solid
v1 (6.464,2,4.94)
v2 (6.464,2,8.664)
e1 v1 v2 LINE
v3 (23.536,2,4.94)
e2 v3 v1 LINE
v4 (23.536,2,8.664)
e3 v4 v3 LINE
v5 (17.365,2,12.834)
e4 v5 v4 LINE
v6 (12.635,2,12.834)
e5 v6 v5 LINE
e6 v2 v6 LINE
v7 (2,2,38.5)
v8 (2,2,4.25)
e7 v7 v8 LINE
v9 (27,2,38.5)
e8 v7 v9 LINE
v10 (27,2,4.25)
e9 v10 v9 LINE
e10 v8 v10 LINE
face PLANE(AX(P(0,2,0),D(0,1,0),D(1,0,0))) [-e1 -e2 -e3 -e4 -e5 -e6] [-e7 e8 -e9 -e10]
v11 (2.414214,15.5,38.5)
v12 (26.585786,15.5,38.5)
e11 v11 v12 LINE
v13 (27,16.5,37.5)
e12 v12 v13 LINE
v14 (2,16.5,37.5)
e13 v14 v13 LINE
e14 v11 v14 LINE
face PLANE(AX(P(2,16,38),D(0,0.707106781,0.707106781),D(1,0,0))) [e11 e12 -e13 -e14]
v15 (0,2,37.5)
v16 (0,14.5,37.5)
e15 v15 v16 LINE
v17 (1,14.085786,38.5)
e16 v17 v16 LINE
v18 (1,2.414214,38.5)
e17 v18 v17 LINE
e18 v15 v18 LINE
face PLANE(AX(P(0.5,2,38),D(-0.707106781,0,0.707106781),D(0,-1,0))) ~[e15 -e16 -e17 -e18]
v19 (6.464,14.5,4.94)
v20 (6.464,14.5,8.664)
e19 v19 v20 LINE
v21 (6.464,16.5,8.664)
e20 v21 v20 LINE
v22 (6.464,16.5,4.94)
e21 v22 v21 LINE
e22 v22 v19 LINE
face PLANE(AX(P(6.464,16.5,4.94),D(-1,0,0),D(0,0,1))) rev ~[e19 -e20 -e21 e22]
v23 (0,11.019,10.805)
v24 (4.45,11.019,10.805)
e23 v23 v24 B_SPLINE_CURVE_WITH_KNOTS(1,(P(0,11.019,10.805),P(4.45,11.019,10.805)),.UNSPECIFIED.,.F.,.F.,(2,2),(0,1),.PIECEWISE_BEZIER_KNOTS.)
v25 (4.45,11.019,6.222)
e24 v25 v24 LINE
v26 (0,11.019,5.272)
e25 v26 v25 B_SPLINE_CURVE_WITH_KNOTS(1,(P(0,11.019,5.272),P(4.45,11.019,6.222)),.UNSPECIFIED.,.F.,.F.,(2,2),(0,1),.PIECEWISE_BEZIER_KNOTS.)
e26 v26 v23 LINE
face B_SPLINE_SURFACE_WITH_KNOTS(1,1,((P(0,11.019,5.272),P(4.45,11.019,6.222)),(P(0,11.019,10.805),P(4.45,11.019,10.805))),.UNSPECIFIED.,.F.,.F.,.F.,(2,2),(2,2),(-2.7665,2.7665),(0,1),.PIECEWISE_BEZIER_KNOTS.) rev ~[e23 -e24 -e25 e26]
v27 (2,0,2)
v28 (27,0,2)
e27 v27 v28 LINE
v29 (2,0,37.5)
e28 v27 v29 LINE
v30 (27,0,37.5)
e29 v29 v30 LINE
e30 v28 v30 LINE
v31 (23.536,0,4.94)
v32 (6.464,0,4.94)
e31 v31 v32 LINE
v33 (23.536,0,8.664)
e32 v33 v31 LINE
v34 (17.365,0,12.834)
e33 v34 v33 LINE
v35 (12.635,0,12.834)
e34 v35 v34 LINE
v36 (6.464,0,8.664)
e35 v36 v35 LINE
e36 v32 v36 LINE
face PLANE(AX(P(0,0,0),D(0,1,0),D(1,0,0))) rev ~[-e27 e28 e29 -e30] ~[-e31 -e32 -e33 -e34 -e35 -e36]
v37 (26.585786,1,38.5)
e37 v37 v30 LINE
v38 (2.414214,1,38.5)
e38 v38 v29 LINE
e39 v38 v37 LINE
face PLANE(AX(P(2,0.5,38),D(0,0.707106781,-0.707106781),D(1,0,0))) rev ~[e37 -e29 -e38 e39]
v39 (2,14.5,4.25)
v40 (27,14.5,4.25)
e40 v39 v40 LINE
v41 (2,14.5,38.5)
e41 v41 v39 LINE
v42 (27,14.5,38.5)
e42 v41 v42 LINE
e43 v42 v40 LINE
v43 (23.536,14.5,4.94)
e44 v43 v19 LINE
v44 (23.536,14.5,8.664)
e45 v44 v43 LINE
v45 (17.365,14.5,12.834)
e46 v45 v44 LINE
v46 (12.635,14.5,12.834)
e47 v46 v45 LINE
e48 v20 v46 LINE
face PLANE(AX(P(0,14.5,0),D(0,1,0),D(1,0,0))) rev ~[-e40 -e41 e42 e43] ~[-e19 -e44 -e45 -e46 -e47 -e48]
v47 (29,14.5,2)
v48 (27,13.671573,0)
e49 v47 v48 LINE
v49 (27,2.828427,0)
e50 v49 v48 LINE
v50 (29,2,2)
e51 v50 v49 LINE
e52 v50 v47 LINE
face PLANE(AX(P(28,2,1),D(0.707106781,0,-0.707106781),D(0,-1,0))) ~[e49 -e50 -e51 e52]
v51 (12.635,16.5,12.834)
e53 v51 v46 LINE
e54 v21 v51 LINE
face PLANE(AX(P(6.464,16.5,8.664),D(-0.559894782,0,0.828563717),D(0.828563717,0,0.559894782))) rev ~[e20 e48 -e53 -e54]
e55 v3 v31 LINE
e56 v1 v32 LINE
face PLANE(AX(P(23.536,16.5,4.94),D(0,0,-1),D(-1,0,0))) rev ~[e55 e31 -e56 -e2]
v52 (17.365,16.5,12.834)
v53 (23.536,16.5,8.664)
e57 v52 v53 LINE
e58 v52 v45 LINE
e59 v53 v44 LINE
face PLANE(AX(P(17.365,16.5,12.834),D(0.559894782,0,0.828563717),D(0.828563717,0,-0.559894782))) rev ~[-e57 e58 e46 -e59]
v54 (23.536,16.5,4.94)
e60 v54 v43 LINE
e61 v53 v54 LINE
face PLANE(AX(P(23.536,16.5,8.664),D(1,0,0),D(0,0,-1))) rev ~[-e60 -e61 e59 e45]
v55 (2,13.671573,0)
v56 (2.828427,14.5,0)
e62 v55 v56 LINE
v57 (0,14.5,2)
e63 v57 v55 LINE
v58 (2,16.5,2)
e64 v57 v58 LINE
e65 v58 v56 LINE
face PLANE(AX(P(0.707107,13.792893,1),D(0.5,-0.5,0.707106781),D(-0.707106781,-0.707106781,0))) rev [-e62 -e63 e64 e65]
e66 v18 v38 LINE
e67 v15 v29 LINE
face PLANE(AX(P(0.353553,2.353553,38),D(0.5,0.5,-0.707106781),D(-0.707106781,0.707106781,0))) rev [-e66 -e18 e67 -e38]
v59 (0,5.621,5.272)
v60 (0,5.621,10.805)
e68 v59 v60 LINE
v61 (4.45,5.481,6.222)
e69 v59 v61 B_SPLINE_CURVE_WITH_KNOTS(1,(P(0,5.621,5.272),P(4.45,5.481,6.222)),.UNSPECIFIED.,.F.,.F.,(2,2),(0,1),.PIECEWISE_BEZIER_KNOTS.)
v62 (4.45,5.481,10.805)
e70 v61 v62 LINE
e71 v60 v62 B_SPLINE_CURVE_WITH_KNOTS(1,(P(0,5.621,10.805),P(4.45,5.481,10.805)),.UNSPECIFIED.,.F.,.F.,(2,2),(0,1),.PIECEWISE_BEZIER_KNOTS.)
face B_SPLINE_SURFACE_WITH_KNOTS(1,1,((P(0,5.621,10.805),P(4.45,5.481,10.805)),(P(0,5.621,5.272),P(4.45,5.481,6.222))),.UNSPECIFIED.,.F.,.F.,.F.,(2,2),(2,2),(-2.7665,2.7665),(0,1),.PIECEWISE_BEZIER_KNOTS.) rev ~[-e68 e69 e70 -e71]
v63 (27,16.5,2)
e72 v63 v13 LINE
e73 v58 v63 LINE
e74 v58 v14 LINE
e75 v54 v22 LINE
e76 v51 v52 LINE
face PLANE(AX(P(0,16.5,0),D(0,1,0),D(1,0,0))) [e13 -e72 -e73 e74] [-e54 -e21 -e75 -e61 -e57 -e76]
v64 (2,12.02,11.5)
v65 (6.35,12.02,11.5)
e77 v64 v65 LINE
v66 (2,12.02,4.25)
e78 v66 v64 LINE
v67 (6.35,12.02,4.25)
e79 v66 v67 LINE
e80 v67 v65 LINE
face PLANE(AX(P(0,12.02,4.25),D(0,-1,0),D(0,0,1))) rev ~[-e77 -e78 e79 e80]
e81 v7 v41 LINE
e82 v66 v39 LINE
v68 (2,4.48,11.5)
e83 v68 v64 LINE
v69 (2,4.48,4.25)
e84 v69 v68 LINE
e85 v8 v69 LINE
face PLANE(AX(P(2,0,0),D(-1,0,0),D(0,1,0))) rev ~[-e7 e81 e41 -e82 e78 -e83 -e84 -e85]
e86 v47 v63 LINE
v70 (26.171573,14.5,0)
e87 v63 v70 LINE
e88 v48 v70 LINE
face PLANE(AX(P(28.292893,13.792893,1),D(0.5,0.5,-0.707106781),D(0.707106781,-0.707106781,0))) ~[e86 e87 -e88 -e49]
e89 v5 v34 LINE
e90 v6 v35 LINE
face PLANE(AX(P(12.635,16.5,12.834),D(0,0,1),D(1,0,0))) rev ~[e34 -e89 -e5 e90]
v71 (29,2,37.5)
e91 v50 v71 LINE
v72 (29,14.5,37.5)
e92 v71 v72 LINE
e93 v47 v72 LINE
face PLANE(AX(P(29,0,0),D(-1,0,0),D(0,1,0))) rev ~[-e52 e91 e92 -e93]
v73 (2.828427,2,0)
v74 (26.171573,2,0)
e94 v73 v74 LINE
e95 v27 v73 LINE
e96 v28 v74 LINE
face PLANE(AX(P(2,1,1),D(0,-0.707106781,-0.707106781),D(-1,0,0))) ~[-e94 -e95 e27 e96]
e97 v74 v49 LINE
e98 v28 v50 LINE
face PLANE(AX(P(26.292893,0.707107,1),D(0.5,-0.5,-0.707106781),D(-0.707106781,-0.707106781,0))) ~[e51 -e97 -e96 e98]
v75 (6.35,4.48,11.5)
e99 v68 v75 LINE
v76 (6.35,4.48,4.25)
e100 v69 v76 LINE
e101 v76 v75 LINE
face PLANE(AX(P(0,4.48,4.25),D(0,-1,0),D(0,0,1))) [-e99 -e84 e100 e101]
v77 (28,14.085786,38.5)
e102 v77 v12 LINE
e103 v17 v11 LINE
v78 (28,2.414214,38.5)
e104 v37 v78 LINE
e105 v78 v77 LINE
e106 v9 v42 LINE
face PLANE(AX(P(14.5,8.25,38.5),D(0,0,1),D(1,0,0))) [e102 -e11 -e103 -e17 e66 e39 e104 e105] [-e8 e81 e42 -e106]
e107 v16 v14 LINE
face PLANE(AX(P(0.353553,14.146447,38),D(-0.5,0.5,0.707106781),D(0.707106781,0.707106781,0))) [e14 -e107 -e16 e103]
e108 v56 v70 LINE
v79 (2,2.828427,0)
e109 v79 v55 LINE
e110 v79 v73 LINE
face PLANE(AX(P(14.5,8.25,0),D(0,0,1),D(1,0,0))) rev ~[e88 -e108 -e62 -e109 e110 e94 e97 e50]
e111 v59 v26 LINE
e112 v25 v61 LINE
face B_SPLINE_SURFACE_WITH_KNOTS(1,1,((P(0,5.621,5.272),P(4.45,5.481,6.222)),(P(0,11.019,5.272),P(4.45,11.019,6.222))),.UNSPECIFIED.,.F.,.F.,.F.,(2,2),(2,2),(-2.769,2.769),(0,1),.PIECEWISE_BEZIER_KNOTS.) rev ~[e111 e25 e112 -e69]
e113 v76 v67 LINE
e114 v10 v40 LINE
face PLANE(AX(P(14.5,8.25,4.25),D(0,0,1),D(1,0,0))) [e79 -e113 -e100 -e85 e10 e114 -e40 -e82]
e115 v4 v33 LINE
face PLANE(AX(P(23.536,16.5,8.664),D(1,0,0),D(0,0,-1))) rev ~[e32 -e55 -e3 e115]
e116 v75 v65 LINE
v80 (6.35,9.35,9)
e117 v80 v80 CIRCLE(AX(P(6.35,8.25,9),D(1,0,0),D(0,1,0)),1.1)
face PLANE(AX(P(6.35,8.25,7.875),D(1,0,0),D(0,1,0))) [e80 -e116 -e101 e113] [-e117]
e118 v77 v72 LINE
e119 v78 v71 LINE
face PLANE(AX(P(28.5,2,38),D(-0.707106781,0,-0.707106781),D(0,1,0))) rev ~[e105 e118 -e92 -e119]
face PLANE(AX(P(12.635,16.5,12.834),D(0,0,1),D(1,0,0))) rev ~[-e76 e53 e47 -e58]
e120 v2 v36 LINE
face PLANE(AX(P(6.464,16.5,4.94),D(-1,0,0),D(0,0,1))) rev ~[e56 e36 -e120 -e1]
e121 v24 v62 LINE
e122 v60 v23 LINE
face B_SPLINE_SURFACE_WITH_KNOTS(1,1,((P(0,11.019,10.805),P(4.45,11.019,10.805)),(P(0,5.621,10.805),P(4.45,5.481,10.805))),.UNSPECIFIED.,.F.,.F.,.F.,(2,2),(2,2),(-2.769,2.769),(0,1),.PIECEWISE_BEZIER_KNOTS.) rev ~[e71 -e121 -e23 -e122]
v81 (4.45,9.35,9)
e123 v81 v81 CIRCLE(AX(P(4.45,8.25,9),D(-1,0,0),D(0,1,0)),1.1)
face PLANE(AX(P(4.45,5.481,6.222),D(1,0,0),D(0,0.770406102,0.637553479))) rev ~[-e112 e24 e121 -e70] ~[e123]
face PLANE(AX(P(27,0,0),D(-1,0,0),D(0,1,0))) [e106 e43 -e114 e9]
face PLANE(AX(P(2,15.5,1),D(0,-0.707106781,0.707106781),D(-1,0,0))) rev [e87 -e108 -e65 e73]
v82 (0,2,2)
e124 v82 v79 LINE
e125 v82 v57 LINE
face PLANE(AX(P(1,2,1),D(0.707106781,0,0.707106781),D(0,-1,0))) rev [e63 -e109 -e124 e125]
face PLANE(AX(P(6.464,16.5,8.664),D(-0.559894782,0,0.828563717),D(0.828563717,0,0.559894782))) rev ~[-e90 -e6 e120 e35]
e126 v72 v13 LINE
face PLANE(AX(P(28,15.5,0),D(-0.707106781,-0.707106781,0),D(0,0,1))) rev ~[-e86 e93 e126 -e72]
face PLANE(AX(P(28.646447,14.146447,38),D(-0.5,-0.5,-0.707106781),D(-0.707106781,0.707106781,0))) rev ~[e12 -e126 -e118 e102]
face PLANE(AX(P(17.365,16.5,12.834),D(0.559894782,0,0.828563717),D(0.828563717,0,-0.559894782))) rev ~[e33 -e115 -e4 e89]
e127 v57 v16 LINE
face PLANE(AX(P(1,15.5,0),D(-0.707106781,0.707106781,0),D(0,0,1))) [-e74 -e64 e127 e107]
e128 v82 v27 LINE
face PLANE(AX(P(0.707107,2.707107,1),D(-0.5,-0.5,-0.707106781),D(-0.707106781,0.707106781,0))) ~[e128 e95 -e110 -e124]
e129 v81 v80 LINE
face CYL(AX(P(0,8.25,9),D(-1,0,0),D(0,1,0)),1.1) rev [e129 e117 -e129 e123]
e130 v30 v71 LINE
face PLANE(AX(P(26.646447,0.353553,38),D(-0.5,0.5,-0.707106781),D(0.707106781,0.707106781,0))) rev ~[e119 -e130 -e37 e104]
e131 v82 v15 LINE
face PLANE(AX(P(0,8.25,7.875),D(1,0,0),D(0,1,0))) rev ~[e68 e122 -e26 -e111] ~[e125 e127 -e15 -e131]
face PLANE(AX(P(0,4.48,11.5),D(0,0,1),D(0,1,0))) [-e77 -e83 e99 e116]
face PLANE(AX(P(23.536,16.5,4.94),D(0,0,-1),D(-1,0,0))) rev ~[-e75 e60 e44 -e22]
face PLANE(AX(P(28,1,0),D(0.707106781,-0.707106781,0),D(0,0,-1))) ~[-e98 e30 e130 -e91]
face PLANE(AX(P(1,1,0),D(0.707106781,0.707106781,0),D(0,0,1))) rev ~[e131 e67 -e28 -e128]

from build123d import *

# Parameters (mm, degrees)
F0_W      = 29
F0_H      = 16.5
F1_DEPTH  = 38.5
F2_T      = -2
F3_DEPTH  = 2.25
F4_SIZE   = 2
F5_SIZE   = 2
F6_SIZE   = 1
F8_DEPTH  = 16.501
F9_W      = 7.54
F9_H      = 7.25
F9_R      = 1.1
F10_DEPTH = 6.35
F11_W     = 5.398
F11_H     = 5.533
F13_W     = 5.538
F13_H     = 4.583


with BuildPart() as f1:
    # F0 (on Top) → F1 (new body)
    with BuildSketch(Plane.XY):
        with Locations((14.5, 8.25)):
            Rectangle(F0_W, F0_H)
    extrude(amount=F1_DEPTH)

    # F2
    f2_openings = [f1.faces().sort_by_distance(p)[0] for p in [
        (14.5, 8.25, 38.5),
    ]]
    offset(amount=F2_T, openings=f2_openings)

    # F3 (add): a face of the model
    f3_faces = [f1.faces().sort_by_distance(p)[0] for p in [
        (14.5, 8.25, 2),
    ]]
    extrude(f3_faces, amount=F3_DEPTH)

    # F4
    f4_edges = [f1.edges().sort_by_distance(p)[0] for p in [
        (0, 0, 19.25),
        (0, 16.5, 19.25),
        (29, 16.5, 19.25),
        (29, 0, 19.25),
    ]]
    chamfer(f4_edges, length=F4_SIZE)

    # F5
    f5_edges = [f1.edges().sort_by_distance(p)[0] for p in [
        (0, 8.25, 0),
        (1, 15.5, 0),
        (1, 1, 0),
        (14.5, 16.5, 0),
        (14.5, 0, 0),
        (28, 15.5, 0),
        (28, 1, 0),
        (29, 8.25, 0),
    ]]
    chamfer(f5_edges, length=F5_SIZE)

    # F6
    f6_edges = [f1.edges().sort_by_distance(p)[0] for p in [
        (14.5, 0, 38.5),
        (28, 1, 38.5),
        (29, 8.25, 38.5),
        (28, 15.5, 38.5),
        (14.5, 16.5, 38.5),
        (1, 15.5, 38.5),
        (0, 8.25, 38.5),
        (1, 1, 38.5),
    ]]
    chamfer(f6_edges, length=F6_SIZE)

    # F7 (on face) → F8 (cut, through all)
    with BuildSketch(Plane(origin=(0, 16.5, 0), x_dir=(-1, 0, 0), z_dir=(0, 1, 0))):
        Polygon((-23.536, 8.664), (-23.536, 4.94), (-6.464, 4.94), (-6.464, 8.664), (-12.635, 12.834), (-17.365, 12.834), align=None)
    extrude(amount=-F8_DEPTH, mode=Mode.SUBTRACT)

    # F9 (on Right) → F10 (join)
    with BuildSketch(Plane.YZ):
        with Locations((8.25, 7.875)):
            Rectangle(F9_W, F9_H)
        with Locations((8.25, 9)):
            Circle(F9_R, mode=Mode.SUBTRACT)
    extrude(amount=F10_DEPTH)

    # F11 (on Right) → F14 section 0
    with BuildSketch(Plane.YZ):
        with Locations((8.32, 8.0385)):
            Rectangle(F11_W, F11_H)
    # F13 (on offset) → F14 section 1
    with BuildSketch(Plane(origin=(4.45, 0, 0), x_dir=(0, -1, 0), z_dir=(-1, 0, 0))):
        with Locations((-8.25, 8.5135)):
            Rectangle(F13_W, F13_H)
    loft(mode=Mode.SUBTRACT)


solid = f1.part
